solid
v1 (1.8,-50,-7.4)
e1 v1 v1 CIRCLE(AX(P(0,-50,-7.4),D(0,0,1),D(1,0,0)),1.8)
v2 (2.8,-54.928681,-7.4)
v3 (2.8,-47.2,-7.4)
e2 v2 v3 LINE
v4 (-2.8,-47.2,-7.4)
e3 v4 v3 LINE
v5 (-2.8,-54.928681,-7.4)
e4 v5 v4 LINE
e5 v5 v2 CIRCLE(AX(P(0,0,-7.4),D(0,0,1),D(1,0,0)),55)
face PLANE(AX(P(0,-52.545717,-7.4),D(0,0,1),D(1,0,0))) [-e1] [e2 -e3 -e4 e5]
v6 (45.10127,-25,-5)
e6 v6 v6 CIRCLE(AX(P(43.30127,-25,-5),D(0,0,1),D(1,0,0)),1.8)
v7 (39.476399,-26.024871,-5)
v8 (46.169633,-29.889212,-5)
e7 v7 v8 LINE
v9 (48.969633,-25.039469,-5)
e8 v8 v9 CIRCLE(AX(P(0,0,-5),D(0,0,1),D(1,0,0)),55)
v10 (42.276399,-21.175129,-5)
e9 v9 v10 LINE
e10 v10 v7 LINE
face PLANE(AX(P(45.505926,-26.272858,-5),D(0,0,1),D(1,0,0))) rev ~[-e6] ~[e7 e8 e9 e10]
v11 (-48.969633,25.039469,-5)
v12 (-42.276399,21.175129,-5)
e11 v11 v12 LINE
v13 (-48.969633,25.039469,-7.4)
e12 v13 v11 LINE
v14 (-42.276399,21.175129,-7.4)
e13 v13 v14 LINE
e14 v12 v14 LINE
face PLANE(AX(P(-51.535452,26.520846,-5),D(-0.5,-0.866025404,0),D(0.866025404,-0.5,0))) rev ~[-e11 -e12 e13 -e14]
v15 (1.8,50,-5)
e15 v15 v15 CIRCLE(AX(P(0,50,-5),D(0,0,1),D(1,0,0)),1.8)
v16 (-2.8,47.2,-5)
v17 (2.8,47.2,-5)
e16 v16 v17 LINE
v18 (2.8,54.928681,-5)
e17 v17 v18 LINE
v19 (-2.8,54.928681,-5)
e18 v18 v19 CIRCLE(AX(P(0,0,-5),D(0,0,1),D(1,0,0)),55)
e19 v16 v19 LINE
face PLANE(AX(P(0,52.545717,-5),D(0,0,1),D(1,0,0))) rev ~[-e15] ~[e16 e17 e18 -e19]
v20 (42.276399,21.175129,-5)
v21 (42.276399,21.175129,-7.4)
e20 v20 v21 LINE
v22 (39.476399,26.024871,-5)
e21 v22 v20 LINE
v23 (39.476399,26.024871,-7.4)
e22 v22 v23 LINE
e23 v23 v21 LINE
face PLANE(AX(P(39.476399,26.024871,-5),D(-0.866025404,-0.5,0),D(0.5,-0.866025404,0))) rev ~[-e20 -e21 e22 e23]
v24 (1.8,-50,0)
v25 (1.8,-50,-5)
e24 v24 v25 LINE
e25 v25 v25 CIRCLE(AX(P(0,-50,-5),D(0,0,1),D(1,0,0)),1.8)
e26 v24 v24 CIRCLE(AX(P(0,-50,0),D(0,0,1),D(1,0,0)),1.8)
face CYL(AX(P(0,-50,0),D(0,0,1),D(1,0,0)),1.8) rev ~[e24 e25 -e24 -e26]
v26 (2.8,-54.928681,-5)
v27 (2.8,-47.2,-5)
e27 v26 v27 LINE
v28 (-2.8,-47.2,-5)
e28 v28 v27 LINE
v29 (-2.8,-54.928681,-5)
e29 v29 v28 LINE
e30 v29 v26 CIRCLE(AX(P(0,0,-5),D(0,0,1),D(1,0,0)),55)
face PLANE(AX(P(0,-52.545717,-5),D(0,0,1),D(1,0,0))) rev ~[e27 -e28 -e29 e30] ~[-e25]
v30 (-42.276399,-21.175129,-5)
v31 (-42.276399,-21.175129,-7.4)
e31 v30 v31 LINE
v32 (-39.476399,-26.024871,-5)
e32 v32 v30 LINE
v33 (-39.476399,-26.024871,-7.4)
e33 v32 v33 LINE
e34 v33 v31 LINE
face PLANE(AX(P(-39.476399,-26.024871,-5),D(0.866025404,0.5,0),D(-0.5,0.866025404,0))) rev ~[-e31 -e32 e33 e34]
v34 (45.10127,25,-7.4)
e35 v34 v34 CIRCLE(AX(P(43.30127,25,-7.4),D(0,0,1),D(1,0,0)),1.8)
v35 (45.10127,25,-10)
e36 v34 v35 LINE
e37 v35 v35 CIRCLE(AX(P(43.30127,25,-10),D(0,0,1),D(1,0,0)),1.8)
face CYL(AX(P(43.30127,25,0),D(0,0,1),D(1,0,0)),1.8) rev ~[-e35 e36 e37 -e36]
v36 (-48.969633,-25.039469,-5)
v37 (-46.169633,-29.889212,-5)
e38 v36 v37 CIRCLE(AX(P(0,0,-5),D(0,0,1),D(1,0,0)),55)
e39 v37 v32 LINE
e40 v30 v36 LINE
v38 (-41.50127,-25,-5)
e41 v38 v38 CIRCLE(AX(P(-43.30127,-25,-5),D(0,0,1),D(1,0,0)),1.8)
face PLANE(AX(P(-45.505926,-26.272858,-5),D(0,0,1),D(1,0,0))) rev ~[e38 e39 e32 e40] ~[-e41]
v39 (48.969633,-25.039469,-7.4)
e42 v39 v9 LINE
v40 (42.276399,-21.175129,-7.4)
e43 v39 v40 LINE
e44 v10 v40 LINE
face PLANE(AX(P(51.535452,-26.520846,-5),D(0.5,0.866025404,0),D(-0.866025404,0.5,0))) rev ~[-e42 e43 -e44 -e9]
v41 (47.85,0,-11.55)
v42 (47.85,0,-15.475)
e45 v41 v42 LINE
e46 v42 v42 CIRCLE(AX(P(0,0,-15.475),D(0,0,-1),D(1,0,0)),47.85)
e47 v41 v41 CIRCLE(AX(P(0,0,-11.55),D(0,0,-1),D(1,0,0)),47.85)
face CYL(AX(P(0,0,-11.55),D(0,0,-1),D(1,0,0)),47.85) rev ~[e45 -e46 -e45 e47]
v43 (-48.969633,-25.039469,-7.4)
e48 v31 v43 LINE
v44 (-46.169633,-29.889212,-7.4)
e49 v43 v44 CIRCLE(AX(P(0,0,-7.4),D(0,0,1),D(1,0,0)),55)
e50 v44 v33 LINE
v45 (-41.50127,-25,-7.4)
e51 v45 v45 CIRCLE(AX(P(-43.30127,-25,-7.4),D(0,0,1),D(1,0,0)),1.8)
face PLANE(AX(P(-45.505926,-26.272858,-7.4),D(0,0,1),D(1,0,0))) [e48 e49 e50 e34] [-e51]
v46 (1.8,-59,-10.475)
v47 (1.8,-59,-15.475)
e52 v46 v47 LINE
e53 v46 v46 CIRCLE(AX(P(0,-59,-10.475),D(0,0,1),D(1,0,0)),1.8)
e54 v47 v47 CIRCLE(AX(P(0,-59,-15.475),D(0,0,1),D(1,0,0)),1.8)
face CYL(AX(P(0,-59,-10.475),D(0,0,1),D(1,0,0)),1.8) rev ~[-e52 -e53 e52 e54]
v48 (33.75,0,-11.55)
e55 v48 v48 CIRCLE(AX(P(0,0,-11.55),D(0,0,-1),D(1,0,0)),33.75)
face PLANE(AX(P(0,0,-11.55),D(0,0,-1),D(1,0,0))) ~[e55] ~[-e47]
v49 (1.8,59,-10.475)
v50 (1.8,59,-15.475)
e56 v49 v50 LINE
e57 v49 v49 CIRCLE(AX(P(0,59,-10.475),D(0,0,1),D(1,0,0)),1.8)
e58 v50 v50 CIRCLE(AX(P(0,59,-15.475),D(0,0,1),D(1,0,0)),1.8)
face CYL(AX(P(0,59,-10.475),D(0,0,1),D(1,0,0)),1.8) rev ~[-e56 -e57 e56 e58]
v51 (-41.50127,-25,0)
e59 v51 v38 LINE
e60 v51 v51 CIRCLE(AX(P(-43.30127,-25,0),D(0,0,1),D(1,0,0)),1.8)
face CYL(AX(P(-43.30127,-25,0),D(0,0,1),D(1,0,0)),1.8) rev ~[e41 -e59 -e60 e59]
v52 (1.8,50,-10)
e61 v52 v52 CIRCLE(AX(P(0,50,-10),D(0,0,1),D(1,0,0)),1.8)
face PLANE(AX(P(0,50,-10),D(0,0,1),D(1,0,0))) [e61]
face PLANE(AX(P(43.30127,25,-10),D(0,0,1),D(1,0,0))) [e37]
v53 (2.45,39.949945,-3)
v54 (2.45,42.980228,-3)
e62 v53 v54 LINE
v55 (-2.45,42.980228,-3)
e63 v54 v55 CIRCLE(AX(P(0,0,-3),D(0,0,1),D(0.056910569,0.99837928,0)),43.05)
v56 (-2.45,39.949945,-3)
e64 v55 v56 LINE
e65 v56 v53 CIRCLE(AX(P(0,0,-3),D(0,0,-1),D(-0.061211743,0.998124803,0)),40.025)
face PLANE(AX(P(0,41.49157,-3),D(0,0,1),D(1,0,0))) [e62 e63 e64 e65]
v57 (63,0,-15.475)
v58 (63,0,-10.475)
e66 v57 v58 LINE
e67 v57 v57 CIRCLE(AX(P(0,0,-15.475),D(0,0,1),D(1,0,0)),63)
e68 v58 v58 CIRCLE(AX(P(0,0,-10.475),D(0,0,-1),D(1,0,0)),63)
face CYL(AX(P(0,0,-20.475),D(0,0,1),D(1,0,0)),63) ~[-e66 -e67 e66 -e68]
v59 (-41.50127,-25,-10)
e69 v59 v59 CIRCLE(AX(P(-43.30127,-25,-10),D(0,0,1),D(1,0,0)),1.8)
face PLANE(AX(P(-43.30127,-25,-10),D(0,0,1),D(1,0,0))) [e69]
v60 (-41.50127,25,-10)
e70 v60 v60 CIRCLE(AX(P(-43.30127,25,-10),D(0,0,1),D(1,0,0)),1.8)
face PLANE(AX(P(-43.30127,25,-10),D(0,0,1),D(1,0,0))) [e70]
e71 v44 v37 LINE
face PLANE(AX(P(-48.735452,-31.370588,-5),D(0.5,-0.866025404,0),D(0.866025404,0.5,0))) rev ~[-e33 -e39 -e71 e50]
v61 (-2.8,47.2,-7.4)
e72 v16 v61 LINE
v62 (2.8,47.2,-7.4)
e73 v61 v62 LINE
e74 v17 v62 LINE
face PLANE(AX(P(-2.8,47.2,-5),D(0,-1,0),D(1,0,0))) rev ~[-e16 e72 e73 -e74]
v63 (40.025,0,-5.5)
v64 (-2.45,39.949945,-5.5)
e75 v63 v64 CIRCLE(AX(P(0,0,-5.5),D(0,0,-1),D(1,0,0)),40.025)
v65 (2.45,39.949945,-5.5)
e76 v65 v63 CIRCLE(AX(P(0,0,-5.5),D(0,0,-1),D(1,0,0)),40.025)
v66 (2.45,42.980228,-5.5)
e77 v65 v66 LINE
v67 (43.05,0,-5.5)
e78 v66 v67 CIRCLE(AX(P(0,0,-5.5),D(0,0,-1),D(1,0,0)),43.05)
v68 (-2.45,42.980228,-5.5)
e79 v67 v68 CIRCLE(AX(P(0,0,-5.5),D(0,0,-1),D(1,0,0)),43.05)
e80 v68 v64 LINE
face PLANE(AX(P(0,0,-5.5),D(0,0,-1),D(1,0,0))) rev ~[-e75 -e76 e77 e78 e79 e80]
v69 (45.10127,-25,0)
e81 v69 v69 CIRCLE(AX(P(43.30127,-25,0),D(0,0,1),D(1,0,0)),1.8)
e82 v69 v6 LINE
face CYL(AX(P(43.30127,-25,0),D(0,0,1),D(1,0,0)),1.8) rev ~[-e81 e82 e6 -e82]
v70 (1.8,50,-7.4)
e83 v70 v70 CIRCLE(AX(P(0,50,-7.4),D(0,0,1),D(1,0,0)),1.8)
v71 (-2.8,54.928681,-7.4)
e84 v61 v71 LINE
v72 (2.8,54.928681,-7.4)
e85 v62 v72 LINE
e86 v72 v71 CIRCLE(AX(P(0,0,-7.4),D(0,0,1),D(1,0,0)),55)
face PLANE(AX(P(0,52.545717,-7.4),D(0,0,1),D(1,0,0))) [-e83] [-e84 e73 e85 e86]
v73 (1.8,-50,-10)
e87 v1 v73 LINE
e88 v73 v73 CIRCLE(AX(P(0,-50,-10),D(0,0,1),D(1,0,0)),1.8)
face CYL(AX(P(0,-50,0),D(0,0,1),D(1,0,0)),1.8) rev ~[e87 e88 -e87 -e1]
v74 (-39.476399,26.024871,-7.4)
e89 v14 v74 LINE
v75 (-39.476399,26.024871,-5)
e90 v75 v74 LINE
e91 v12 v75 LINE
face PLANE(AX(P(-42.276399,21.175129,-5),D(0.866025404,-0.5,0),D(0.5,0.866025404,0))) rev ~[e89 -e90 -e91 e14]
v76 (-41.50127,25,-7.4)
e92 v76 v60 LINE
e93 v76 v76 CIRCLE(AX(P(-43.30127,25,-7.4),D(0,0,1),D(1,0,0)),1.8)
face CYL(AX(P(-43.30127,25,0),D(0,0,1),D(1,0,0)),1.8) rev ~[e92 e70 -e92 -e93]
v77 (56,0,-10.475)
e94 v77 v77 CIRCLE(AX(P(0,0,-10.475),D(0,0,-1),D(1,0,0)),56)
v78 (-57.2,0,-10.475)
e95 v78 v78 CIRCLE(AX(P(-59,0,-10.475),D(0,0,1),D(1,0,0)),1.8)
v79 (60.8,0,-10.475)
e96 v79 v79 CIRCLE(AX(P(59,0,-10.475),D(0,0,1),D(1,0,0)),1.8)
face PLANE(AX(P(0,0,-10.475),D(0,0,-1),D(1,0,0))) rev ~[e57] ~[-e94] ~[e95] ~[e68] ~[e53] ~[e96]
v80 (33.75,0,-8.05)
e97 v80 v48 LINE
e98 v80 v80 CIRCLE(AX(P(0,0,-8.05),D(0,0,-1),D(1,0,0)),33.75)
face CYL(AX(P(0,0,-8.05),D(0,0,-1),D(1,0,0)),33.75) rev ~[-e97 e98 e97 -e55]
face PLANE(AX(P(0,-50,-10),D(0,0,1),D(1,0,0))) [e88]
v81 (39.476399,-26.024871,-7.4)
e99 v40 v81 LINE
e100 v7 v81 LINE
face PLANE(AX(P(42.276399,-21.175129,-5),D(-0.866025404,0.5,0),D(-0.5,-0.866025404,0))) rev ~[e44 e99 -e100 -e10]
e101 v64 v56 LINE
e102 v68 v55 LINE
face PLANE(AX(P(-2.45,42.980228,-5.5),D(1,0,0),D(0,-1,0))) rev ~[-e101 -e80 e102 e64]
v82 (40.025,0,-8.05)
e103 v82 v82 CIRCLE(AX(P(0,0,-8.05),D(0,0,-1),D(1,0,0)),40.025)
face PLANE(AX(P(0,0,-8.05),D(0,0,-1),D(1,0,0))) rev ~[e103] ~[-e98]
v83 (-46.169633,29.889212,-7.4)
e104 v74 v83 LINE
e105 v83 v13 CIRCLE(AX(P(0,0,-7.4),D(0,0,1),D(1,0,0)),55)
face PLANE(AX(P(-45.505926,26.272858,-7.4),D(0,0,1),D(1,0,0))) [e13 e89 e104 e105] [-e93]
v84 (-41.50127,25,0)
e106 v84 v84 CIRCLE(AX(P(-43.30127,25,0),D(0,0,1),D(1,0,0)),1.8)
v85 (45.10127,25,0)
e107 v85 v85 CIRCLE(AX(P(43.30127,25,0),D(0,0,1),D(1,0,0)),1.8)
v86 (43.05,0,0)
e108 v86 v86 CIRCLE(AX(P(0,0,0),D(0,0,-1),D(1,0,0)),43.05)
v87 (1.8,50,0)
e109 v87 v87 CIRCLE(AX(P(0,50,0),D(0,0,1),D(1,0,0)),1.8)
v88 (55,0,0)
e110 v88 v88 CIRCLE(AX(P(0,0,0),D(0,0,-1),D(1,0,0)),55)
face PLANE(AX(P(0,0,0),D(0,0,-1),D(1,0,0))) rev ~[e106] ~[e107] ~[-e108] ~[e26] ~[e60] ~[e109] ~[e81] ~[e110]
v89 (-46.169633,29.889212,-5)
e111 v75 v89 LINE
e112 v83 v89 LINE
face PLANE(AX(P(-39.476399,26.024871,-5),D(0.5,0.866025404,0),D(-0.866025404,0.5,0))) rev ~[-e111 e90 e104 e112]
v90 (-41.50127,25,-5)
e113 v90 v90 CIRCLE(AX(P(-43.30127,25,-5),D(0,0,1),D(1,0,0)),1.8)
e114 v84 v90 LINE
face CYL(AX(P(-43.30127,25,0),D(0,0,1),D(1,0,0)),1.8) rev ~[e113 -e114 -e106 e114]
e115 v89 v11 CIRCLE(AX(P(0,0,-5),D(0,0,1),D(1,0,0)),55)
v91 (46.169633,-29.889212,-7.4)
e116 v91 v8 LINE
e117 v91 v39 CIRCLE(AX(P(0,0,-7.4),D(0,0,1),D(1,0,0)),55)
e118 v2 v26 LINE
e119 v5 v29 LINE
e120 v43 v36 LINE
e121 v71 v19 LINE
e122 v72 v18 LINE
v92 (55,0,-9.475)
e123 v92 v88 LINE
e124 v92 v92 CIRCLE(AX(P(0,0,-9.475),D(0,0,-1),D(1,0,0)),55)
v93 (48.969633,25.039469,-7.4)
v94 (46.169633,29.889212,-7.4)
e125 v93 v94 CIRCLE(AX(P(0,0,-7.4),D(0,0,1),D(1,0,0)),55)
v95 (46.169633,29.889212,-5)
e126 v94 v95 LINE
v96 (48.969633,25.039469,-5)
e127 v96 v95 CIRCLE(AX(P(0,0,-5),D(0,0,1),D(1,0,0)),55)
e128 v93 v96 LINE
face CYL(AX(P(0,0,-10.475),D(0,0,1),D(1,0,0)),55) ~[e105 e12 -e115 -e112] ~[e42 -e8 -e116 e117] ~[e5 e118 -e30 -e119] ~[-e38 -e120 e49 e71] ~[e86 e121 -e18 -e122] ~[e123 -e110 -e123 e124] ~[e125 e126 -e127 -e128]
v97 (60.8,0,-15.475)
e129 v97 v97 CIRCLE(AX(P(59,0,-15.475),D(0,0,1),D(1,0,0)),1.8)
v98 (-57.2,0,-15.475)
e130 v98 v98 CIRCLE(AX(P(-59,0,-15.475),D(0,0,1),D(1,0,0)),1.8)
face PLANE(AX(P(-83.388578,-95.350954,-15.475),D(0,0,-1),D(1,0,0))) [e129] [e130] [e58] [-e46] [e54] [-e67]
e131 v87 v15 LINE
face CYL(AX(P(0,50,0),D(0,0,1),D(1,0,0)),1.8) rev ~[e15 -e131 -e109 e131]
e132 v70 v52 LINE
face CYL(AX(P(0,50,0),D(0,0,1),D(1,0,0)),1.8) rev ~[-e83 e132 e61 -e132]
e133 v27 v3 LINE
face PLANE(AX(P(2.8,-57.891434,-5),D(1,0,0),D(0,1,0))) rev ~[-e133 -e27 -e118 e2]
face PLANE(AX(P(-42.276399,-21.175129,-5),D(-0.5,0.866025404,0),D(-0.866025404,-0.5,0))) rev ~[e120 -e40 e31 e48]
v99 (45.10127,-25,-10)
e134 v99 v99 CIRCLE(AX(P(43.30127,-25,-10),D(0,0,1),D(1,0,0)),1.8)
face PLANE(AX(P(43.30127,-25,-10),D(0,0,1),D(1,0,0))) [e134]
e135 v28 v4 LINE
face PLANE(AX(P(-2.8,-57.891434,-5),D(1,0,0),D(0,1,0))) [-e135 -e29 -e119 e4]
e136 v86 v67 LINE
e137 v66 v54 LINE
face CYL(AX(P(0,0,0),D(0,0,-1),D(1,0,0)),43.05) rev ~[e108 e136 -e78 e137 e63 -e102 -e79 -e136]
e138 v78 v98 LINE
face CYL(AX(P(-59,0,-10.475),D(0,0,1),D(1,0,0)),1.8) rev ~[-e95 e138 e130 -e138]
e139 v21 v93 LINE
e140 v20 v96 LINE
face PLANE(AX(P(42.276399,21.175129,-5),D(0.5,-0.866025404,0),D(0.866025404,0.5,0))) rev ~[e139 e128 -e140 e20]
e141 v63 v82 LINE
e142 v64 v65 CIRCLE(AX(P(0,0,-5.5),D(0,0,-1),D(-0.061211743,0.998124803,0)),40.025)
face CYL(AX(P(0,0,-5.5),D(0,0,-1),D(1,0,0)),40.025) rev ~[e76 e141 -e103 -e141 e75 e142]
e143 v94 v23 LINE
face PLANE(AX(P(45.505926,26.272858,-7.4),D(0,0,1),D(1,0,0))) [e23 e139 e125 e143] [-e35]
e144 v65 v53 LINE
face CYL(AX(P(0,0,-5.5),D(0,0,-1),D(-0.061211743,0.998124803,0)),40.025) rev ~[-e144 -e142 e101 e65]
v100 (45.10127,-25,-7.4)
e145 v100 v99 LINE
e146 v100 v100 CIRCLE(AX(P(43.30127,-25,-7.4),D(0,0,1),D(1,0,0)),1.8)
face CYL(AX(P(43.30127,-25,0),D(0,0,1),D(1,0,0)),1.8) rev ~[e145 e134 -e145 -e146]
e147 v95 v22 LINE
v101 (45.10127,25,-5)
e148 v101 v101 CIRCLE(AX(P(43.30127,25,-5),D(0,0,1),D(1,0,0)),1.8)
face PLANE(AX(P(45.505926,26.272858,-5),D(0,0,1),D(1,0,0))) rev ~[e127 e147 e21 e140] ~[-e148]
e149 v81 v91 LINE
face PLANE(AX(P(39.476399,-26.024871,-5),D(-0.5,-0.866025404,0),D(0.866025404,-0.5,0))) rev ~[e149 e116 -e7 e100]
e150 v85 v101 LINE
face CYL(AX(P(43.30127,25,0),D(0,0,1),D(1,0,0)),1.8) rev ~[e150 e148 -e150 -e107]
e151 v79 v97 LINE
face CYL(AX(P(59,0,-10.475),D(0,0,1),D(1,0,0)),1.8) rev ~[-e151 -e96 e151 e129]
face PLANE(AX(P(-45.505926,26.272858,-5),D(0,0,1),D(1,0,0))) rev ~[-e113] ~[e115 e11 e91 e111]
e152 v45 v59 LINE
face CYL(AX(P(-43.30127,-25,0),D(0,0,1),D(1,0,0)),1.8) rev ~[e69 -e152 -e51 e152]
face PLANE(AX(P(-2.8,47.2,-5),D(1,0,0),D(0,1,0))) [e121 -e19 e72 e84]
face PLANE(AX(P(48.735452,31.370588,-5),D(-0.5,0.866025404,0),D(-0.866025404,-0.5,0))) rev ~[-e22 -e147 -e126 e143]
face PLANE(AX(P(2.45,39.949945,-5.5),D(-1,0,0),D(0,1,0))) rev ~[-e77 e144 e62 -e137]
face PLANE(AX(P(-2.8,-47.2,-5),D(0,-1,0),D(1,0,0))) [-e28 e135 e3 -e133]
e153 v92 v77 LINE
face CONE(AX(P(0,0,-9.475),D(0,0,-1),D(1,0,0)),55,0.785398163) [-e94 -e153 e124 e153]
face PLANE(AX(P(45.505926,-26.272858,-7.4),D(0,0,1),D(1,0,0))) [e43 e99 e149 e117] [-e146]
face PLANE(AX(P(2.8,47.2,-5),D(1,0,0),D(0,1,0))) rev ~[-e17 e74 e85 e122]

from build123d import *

# Parameters (mm, degrees)
SKETCH2_R               = 1.8
CUT_EXTRUDE1_DEPTH      = 10
SKETCH3_W               = 5.6
SKETCH3_H               = 10.691433847
CUT_EXTRUDE2_DEPTH      = 2.4
BOSS_EXTRUDE1_DEPTH     = 2.5
SKETCH5_R               = 1.8
CUT_EXTRUDE3_DEPTH      = 92.440311816
SKETCH6_W               = 5.6
SKETCH6_H               = 10.168713577
SKETCH6_W_2             = 10.168713577
SKETCH6_H_2             = 5.6
CUT_EXTRUDE4_DEPTH      = 2.4
CUT_EXTRUDE5_DEPTH      = 95.35095389
CUT_EXTRUDE5_DEPTH_BACK = 95.35095389
SKETCH7_W               = 158.937204397
SKETCH7_H               = 33.212886659
CHAMFER1_SIZE           = 1


with BuildPart() as part:
    # Sketch1 → Revolve1 (revolve)
    with BuildSketch(Plane(origin=(0, 0, 0), x_dir=(1, 0, 0), z_dir=(0, 1, 0))):
        Polygon((43.05, 0), (43.05, 5.5), (40.025, 5.5), (40.025, 8.05), (33.75, 8.05), (33.75, 11.55), (47.85, 11.55), (47.85, 26.05), (33.75, 26.05), (33.75, 31.05), (47.95, 31.05), (47.95, 29.05), (50.35, 29.05), (50.35, 24.05), (53.5, 24.05), (53.5, 31.05), (55, 31.05), (55, 20.475), (63, 20.475), (63, 10.475), (55, 10.475), (55, 0), align=None)
    revolve(axis=Axis((0, 0, 39.851832449), (0, 0, -1)))

    # Sketch2 → Cut-Extrude1 (cut)
    with BuildSketch(Plane.XY):
        with Locations((0, 50)):
            Circle(SKETCH2_R)
        with Locations((43.301270189, 25)):
            Circle(SKETCH2_R)
        with Locations((43.301270189, -25)):
            Circle(SKETCH2_R)
        with Locations((0, -50)):
            Circle(SKETCH2_R)
        with Locations((-43.301270189, -25)):
            Circle(SKETCH2_R)
        with Locations((-43.301270189, 25)):
            Circle(SKETCH2_R)
    extrude(amount=-CUT_EXTRUDE1_DEPTH, mode=Mode.SUBTRACT)

    # Sketch3 → Cut-Extrude2 (cut)
    with BuildSketch(Plane.XY.offset(-5)):
        with Locations((0, 52.545716924)):
            Rectangle(SKETCH3_W, SKETCH3_H)
        Polygon((51.535452373, 26.520845793), (48.735452373, 31.370588054), (39.476399059, 26.024871131), (42.276399059, 21.175128869), align=None)
        Polygon((48.735452373, -31.370588054), (51.535452373, -26.520845793), (42.276399059, -21.175128869), (39.476399059, -26.024871131), align=None)
        with Locations((0, -52.545716924)):
            Rectangle(SKETCH3_W, SKETCH3_H)
        Polygon((-51.535452373, -26.520845793), (-48.735452373, -31.370588054), (-39.476399059, -26.024871131), (-42.276399059, -21.175128869), align=None)
        Polygon((-48.735452373, 31.370588054), (-51.535452373, 26.520845793), (-42.276399059, 21.175128869), (-39.476399059, 26.024871131), align=None)
    extrude(amount=-CUT_EXTRUDE2_DEPTH, mode=Mode.SUBTRACT)

    # Sketch4 → Boss-Extrude1 (add)
    with BuildSketch(Plane.XY.offset(-5.5)):
        with BuildLine():
            Line((-2.45, 42.980228012), (-2.45, 39.949945244))
            ThreePointArc((-2.45, 39.949945244), (0, 40.025), (2.45, 39.949945244))
            Line((2.45, 39.949945244), (2.45, 42.980228012))
            ThreePointArc((2.45, 42.980228012), (0, 43.05), (-2.45, 42.980228012))
        make_face()
    extrude(amount=BOSS_EXTRUDE1_DEPTH)

    # Sketch5 → Cut-Extrude3 (cut, through all)
    with BuildSketch(Plane.XY.offset(-10.475)):
        with Locations((0, 59)):
            Circle(SKETCH5_R)
        with Locations((59, 0)):
            Circle(SKETCH5_R)
        with Locations((0, -59)):
            Circle(SKETCH5_R)
        with Locations((-59, 0)):
            Circle(SKETCH5_R)
    extrude(amount=-CUT_EXTRUDE3_DEPTH, mode=Mode.SUBTRACT)

    # Sketch6 → Cut-Extrude4 (cut)
    with BuildSketch(Plane.XY.offset(-16.775)):
        with Locations((0, 61.284356789)):
            Rectangle(SKETCH6_W, SKETCH6_H)
        with Locations((61.284356789, 0)):
            Rectangle(SKETCH6_W_2, SKETCH6_H_2)
        with Locations((0, -61.284356789)):
            Rectangle(SKETCH6_W, SKETCH6_H)
        with Locations((-61.284356789, 0)):
            Rectangle(SKETCH6_W_2, SKETCH6_H_2)
    extrude(amount=-CUT_EXTRUDE4_DEPTH, mode=Mode.SUBTRACT)

    # Sketch7 → Cut-Extrude5 (cut, two sides: drawn at the far end of the back side and taken through both)
    with BuildSketch(Plane(origin=(0, 0, 0), x_dir=(1, 0, 0), z_dir=(0, 1, 0)).offset(-CUT_EXTRUDE5_DEPTH_BACK)):
        with Locations((-3.919975894, 32.08144333)):
            Rectangle(SKETCH7_W, SKETCH7_H)
    extrude(amount=CUT_EXTRUDE5_DEPTH + CUT_EXTRUDE5_DEPTH_BACK, mode=Mode.SUBTRACT)

    # Chamfer1
    chamfer1_edges = [part.edges().sort_by_distance(p)[0] for p in [
        (-55, 0, -10.475),
    ]]
    chamfer(chamfer1_edges, length=CHAMFER1_SIZE)


solid = part.part
